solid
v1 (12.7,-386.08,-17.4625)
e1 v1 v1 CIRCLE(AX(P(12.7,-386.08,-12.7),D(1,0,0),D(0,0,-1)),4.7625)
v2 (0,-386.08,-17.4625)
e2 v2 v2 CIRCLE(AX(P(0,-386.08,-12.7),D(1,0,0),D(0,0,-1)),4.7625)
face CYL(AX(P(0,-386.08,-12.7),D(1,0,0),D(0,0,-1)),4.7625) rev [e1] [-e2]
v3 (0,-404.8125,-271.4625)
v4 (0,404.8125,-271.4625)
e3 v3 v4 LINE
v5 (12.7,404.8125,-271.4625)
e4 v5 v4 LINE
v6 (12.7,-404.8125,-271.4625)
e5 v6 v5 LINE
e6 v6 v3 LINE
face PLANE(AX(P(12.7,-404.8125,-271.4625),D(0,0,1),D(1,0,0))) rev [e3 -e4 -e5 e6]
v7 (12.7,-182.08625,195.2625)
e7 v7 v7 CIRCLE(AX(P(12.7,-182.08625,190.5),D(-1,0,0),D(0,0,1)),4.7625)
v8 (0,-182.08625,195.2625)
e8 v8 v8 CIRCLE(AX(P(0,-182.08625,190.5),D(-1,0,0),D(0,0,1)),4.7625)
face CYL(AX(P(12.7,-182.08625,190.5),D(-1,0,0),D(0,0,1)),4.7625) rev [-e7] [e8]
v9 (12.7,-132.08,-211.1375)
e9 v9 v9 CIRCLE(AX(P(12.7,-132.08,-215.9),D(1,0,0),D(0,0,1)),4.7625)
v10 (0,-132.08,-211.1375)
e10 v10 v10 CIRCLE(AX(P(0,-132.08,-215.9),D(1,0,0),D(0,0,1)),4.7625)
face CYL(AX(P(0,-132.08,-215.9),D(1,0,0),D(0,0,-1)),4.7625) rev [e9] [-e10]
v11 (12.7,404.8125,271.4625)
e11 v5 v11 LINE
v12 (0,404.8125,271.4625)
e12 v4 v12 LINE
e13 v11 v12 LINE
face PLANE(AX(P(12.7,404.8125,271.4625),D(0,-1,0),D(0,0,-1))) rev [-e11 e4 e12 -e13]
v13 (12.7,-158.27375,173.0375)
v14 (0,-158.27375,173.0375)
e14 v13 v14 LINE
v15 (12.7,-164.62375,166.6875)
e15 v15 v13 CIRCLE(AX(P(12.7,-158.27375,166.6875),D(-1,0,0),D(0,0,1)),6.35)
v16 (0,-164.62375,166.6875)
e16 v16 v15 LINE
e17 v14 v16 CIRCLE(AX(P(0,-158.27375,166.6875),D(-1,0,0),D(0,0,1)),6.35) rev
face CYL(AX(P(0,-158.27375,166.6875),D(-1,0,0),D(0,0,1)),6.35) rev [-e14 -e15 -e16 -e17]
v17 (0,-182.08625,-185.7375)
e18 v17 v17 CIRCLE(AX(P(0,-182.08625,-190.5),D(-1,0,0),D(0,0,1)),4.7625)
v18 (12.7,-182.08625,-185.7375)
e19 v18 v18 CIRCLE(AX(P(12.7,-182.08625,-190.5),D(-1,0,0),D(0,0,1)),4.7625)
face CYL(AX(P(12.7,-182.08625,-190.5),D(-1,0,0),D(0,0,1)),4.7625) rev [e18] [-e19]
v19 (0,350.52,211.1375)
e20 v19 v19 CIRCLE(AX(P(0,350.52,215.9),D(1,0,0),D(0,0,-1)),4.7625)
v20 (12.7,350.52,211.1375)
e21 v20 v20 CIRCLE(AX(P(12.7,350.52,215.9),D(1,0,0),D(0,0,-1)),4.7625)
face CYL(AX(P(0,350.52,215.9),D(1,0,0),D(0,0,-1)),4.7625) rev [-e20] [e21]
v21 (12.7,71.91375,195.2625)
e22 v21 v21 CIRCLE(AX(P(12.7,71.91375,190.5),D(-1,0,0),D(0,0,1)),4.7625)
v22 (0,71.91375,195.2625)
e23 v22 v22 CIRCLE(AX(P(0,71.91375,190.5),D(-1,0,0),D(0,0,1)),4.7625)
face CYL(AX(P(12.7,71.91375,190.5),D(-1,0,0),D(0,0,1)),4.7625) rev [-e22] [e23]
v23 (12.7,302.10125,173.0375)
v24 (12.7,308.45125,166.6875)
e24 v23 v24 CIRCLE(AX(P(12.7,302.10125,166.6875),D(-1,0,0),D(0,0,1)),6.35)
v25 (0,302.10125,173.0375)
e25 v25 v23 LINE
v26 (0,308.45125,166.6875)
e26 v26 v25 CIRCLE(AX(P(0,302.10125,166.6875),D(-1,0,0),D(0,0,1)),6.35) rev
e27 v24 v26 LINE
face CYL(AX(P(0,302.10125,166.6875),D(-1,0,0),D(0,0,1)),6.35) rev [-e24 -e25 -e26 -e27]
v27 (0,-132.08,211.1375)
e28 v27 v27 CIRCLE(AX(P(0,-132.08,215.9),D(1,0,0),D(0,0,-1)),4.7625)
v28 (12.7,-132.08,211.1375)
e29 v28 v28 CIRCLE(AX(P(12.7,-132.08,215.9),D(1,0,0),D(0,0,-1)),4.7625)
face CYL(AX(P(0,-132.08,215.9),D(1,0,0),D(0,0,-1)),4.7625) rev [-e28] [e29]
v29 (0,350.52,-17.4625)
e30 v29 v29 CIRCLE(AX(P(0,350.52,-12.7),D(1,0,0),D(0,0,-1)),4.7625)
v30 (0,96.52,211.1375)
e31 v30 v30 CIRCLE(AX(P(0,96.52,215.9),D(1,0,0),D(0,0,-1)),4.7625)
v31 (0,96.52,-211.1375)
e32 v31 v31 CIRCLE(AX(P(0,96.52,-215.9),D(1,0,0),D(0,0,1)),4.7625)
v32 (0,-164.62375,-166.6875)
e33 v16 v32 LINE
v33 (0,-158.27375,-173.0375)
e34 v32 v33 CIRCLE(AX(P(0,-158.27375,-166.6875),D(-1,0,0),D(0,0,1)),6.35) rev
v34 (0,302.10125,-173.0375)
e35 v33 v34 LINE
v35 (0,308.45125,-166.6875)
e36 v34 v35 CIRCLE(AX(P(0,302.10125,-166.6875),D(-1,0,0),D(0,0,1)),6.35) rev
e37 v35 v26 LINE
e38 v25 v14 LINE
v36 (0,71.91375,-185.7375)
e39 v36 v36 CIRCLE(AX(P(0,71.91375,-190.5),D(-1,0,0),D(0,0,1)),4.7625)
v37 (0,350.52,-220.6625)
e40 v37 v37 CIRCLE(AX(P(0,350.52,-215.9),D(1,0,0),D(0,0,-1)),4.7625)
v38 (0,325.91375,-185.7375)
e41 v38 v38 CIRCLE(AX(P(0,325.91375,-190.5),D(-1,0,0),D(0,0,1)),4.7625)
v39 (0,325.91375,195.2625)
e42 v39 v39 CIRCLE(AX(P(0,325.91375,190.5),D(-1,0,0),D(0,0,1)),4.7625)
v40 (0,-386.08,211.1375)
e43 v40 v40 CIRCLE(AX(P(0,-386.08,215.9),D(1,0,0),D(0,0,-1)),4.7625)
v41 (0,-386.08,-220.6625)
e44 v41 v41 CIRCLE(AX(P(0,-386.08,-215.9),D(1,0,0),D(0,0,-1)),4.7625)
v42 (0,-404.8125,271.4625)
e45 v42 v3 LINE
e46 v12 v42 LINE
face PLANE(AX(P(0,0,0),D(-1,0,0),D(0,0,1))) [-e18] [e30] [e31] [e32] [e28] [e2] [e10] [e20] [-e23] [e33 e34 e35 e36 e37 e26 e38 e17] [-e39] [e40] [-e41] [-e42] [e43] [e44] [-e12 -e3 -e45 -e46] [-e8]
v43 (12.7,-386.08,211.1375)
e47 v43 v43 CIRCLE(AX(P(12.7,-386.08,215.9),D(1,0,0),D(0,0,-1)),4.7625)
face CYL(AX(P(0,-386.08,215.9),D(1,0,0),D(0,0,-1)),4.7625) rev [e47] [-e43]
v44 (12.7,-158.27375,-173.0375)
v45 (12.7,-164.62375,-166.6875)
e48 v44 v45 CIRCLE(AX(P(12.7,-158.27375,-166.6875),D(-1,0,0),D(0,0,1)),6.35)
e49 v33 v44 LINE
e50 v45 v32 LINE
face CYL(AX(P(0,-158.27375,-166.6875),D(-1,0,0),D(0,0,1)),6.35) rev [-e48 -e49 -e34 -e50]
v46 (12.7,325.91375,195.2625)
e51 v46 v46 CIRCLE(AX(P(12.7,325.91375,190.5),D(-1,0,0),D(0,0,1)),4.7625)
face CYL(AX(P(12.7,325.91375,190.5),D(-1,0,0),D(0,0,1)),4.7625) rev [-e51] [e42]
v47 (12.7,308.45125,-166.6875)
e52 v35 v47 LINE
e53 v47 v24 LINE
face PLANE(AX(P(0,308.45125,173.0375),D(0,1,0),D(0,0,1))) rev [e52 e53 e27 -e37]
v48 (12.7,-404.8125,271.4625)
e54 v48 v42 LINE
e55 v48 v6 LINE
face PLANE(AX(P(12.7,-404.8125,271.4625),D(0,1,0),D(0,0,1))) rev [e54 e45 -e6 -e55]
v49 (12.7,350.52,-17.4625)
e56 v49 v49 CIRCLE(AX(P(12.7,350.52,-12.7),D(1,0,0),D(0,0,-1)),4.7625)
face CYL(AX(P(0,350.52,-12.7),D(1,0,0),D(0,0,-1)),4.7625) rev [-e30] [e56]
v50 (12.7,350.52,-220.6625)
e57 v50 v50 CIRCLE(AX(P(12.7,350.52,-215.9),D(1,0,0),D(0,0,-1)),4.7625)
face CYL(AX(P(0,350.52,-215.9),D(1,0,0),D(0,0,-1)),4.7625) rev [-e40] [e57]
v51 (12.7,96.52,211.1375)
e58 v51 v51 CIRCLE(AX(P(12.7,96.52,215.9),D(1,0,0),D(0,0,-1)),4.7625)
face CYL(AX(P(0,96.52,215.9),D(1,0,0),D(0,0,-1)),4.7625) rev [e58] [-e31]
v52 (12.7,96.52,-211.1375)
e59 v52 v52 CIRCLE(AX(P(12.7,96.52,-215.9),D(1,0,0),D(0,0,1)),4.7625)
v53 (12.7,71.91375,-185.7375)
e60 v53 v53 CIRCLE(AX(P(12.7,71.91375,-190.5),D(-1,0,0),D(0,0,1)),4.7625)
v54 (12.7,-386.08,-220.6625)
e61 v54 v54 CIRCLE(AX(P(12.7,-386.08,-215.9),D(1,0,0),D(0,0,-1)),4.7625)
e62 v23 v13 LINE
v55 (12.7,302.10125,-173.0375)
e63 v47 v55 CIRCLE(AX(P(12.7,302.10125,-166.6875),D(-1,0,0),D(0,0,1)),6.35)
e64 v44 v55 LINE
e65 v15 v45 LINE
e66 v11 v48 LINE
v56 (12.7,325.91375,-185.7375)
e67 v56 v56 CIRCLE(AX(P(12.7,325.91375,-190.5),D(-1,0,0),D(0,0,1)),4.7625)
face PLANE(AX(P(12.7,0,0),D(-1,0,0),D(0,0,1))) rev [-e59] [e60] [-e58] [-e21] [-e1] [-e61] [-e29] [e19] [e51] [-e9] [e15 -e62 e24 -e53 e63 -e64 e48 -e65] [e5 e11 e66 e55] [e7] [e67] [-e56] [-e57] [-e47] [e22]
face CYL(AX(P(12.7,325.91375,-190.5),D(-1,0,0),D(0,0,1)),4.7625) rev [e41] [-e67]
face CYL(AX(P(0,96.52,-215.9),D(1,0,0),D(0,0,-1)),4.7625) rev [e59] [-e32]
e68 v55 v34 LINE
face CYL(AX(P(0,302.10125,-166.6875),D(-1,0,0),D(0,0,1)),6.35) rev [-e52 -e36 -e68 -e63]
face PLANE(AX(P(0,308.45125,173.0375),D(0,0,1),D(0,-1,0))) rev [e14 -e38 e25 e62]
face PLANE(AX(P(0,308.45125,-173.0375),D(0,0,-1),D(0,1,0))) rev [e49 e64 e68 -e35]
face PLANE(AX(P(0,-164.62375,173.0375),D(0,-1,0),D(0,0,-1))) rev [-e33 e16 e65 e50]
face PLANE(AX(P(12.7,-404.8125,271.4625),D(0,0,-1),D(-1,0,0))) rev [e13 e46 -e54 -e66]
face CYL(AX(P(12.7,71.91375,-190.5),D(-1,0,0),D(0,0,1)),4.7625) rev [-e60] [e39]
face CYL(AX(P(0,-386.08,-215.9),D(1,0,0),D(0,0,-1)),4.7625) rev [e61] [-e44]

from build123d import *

# Parameters (mm, degrees)
SKETCH1_W           = 542.925
SKETCH1_H           = 809.625
BOSS_EXTRUDE1_DEPTH = 12.7
SKETCH2_R           = 4.7625
CUT_EXTRUDE1_DEPTH  = 12.7
SKETCH3_R           = 4.7625
CUT_EXTRUDE2_DEPTH  = 12.7
SKETCH6_R           = 4.7625
CUT_EXTRUDE4_DEPTH  = 12.7
SKETCH7_R           = 4.7625
CUT_EXTRUDE5_DEPTH  = 12.7
SKETCH9_W           = 346.075
SKETCH9_H           = 473.075
CUT_EXTRUDE6_DEPTH  = 12.7
FILLET1_R           = 6.35


with BuildPart() as part:
    # Sketch1 → Boss-Extrude1 (new body)
    with BuildSketch(Plane(origin=(0, 0, 0), x_dir=(0, 0, -1), z_dir=(1, 0, 0))):
        Rectangle(SKETCH1_W, SKETCH1_H)
    extrude(amount=BOSS_EXTRUDE1_DEPTH)

    # Sketch2 → Cut-Extrude1 (cut)
    with BuildSketch(Plane(origin=(12.7, 0, 0), x_dir=(0, 0, -1), z_dir=(1, 0, 0))):
        with Locations((-215.9, 350.52)):
            Circle(SKETCH2_R)
        with Locations((215.9, 350.52)):
            Circle(SKETCH2_R)
        with Locations((-215.9, -386.08)):
            Circle(SKETCH2_R)
        with Locations((215.9, -386.08)):
            Circle(SKETCH2_R)
    extrude(amount=-CUT_EXTRUDE1_DEPTH, mode=Mode.SUBTRACT)

    # Sketch3 → Cut-Extrude2 (cut)
    with BuildSketch(Plane(origin=(12.7, 0, 0), x_dir=(0, 0, -1), z_dir=(1, 0, 0))):
        with Locations((-215.9, 96.52)):
            Circle(SKETCH3_R)
        with Locations((-215.9, -132.08)):
            Circle(SKETCH3_R)
        with Locations((12.7, 350.52)):
            Circle(SKETCH3_R)
        with Locations((12.7, -386.08)):
            Circle(SKETCH3_R)
        with Locations(Location((215.9, -132.08, 0), (0, 0, 180))):
            Circle(SKETCH3_R)
        with Locations(Location((215.9, 96.52, 0), (0, 0, 180))):
            Circle(SKETCH3_R)
    extrude(amount=-CUT_EXTRUDE2_DEPTH, mode=Mode.SUBTRACT)

    # Sketch6 → Cut-Extrude4 (cut)
    with BuildSketch(Plane.ZY):
        with Locations((-190.5, 325.91375)):
            Circle(SKETCH6_R)
        with Locations((190.5, 325.91375)):
            Circle(SKETCH6_R)
        with Locations((-190.5, -182.08625)):
            Circle(SKETCH6_R)
        with Locations((190.5, -182.08625)):
            Circle(SKETCH6_R)
    extrude(amount=-CUT_EXTRUDE4_DEPTH, mode=Mode.SUBTRACT)

    # Sketch7 → Cut-Extrude5 (cut)
    with BuildSketch(Plane.ZY):
        with Locations((-190.5, 71.91375)):
            Circle(SKETCH7_R)
        with Locations((190.5, 71.91375)):
            Circle(SKETCH7_R)
    extrude(amount=-CUT_EXTRUDE5_DEPTH, mode=Mode.SUBTRACT)

    # Sketch9 → Cut-Extrude6 (cut)
    with BuildSketch(Plane(origin=(12.7, 0, 0), x_dir=(0, 0, -1), z_dir=(1, 0, 0))):
        with Locations((0, 71.91375)):
            Rectangle(SKETCH9_W, SKETCH9_H)
    extrude(amount=-CUT_EXTRUDE6_DEPTH, mode=Mode.SUBTRACT)

    # Fillet1
    fillet1_edges = [part.edges().sort_by_distance(p)[0] for p in [
        (6.35, -164.62375, -173.0375),
        (6.35, -164.62375, 173.0375),
        (6.35, 308.45125, 173.0375),
        (6.35, 308.45125, -173.0375),
    ]]
    fillet(fillet1_edges, radius=FILLET1_R)


solid = part.part
